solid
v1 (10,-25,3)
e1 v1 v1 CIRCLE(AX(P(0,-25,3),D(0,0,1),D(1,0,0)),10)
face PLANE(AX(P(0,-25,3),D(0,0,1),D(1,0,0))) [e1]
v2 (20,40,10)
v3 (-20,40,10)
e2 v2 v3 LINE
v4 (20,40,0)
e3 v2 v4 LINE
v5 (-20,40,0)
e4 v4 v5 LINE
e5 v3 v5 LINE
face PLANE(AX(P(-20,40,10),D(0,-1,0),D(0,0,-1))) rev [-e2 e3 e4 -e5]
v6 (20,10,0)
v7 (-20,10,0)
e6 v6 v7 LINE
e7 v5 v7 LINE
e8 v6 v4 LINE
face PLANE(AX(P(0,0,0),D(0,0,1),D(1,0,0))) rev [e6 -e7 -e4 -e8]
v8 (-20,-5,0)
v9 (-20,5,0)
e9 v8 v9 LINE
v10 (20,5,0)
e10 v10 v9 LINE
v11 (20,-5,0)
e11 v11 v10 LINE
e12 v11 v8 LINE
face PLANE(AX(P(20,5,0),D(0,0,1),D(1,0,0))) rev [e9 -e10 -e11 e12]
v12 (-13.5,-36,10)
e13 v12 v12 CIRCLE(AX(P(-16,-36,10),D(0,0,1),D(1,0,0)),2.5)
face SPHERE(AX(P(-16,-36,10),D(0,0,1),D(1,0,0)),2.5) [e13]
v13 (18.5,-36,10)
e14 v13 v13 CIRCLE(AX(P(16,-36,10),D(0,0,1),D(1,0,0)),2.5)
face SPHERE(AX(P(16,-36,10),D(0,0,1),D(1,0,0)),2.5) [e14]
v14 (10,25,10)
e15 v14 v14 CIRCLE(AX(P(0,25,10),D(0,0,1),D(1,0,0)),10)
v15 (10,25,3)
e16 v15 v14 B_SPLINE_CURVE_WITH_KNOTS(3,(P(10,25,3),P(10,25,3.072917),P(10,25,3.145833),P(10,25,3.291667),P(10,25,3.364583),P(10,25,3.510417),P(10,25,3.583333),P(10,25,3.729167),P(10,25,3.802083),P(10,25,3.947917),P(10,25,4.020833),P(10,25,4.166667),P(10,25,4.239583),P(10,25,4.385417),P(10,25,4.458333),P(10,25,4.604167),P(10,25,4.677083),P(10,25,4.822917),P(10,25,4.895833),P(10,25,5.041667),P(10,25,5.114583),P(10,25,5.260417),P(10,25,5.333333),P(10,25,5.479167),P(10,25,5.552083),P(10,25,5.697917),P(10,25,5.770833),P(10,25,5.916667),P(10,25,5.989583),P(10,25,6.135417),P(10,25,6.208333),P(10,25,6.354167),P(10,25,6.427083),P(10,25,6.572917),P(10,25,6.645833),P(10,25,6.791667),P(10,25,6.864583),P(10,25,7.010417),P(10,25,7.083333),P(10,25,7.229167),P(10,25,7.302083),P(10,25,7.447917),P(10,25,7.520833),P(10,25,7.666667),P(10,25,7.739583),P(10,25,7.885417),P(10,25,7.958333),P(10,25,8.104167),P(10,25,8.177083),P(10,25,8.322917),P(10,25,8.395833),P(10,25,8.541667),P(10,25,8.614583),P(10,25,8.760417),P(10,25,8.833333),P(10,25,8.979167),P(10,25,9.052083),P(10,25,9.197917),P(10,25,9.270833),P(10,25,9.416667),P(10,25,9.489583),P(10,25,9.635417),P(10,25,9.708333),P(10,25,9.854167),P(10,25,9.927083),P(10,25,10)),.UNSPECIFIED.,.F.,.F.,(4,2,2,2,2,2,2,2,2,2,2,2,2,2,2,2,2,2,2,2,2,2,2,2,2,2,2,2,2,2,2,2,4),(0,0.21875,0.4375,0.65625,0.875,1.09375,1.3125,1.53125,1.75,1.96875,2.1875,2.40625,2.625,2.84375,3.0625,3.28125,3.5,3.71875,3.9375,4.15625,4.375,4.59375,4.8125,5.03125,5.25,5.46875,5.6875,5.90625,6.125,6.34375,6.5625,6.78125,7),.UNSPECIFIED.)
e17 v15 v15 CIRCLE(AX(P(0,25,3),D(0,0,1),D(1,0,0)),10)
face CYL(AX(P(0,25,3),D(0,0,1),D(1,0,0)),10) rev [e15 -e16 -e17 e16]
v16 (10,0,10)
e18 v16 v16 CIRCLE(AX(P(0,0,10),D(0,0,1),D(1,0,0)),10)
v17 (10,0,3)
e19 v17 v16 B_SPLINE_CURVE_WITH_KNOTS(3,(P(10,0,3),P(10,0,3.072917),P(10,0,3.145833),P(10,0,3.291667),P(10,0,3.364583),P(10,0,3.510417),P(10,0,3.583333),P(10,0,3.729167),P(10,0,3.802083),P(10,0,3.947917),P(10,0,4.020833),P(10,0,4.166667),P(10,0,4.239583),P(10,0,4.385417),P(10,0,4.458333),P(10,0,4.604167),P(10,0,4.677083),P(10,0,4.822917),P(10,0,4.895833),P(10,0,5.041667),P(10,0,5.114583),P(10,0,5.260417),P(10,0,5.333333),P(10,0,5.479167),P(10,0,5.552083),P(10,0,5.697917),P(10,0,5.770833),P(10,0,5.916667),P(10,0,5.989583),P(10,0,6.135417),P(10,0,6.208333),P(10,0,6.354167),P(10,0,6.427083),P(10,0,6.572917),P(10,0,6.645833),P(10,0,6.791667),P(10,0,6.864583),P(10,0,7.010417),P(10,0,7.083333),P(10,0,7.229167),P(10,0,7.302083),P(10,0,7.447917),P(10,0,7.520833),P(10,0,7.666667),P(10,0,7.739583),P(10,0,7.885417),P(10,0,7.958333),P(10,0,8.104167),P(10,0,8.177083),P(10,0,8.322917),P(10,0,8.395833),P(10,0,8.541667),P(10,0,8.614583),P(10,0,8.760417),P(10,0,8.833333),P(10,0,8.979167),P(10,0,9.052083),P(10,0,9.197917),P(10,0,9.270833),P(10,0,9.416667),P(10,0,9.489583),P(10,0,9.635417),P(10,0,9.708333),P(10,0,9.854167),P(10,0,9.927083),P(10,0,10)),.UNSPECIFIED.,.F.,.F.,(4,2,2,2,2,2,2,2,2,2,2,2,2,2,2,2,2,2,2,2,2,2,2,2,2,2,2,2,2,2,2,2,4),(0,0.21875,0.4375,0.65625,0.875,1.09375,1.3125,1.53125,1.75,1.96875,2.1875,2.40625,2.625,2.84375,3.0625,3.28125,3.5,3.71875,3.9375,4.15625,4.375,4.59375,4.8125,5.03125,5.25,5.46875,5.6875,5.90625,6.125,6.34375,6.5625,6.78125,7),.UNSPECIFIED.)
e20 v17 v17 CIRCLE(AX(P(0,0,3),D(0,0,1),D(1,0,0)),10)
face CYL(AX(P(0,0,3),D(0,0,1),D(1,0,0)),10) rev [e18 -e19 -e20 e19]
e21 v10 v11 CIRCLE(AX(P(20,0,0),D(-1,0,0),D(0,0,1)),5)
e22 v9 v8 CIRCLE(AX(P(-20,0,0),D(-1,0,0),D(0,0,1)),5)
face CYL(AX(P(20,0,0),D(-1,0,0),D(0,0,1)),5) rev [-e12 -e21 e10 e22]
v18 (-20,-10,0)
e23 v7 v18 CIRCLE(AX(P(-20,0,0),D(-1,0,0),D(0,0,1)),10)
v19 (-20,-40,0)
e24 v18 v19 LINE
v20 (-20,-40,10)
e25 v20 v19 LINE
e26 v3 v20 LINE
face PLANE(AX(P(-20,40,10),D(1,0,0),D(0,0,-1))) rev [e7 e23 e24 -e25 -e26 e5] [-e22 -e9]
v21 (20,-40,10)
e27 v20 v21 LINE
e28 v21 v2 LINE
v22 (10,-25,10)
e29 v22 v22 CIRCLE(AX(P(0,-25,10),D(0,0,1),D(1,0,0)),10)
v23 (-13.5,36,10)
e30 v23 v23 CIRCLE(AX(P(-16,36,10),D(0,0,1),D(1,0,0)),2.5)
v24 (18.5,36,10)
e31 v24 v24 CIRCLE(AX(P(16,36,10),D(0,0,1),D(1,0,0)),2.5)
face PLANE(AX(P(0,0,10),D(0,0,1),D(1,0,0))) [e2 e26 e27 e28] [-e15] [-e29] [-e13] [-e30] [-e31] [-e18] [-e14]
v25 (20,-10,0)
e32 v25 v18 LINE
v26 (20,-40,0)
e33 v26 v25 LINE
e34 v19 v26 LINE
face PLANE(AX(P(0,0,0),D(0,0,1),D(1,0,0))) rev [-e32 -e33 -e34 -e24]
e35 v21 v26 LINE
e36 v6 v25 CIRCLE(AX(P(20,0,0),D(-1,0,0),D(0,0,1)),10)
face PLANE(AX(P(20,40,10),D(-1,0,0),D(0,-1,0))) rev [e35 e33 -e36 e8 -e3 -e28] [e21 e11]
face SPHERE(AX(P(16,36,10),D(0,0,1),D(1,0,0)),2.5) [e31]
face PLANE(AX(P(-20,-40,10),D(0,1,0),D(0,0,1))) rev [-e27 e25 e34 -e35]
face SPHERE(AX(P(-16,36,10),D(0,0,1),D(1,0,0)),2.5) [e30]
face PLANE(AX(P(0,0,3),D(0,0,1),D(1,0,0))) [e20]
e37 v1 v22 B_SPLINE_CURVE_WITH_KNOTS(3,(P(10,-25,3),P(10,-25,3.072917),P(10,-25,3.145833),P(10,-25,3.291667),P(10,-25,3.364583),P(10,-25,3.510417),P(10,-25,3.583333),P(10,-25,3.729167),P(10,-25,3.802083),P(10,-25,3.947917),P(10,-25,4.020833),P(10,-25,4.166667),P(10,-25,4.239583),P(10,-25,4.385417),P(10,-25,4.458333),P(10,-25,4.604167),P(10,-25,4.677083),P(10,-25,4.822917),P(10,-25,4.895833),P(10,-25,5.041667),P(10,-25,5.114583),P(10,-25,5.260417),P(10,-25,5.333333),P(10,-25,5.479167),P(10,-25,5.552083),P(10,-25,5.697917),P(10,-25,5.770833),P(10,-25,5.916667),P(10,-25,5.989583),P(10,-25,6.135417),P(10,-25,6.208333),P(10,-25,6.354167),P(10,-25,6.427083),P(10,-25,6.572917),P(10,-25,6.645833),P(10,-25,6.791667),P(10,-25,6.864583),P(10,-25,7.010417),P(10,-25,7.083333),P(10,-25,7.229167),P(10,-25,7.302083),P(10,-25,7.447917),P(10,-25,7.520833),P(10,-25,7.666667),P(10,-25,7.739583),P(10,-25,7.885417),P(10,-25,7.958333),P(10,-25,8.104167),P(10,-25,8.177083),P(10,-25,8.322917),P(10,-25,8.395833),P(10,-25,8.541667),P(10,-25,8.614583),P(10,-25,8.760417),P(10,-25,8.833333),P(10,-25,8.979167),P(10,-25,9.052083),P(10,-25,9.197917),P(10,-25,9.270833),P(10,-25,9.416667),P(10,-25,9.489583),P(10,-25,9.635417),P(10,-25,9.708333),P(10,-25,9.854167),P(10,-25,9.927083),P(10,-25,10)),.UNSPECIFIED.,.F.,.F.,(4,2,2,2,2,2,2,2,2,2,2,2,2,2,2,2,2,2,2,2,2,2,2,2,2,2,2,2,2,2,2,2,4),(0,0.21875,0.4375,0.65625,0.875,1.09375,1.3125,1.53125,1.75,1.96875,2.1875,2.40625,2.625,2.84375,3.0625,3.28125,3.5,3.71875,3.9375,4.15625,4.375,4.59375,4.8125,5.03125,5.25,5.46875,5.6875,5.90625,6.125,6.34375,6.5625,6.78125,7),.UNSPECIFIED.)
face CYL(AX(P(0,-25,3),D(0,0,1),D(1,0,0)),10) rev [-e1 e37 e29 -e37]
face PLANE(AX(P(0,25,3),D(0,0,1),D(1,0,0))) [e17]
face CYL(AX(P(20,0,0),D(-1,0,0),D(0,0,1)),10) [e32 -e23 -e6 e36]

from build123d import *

# Parameters (mm, degrees)
SKETCH3_W           = 40
SKETCH3_H           = 80
BOSS_EXTRUDE1_DEPTH = 10
SKETCH4_R           = 10
CUT_EXTRUDE4_DEPTH  = 7
BOSS_EXTRUDE3_DEPTH = 40
CUT_EXTRUDE5_DEPTH  = 40


with BuildPart() as part:
    # Sketch3 → Boss-Extrude1 (new body)
    with BuildSketch(Plane.XY):
        Rectangle(SKETCH3_W, SKETCH3_H)
    extrude(amount=BOSS_EXTRUDE1_DEPTH)

    # Sketch4 → Cut-Extrude4 (cut)
    with BuildSketch(Plane.XY.offset(10)):
        with Locations((0, 25)):
            Circle(SKETCH4_R)
        Circle(SKETCH4_R)
        with Locations((0, -25)):
            Circle(SKETCH4_R)
    extrude(amount=-CUT_EXTRUDE4_DEPTH, mode=Mode.SUBTRACT)

    # Sketch5 → Revolve1 (revolve)
    with BuildSketch(Plane.XY.offset(10)):
        with BuildLine():
            Line((16, 38.5), (16, 33.5))
            ThreePointArc((16, 33.5), (13.5, 36), (16, 38.5))
        make_face()
    revolve(axis=Axis((16, 38.5, 10), (0, -1, 0)))

    # Sketch7 → Revolve2 (revolve)
    with BuildSketch(Plane.XY.offset(10)):
        with BuildLine():
            Line((-16, -33.5), (-16, -38.5))
            ThreePointArc((-16, -38.5), (-18.5, -36), (-16, -33.5))
        make_face()
        with BuildLine():
            Line((-16, 38.5), (-16, 33.5))
            ThreePointArc((-16, 33.5), (-18.5, 36), (-16, 38.5))
        make_face()
    revolve(axis=Axis((-16, -33.5, 10), (0, -1, 0)))

    # Sketch8 → Revolve3 (revolve)
    with BuildSketch(Plane.XY.offset(10)):
        with BuildLine():
            Line((16, -33.5), (16, -38.5))
            ThreePointArc((16, -38.5), (13.5, -36), (16, -33.5))
        make_face()
    revolve(axis=Axis((16, -33.5, 10), (0, -1, 0)))

    # Sketch12 → Boss-Extrude3 (add)
    with BuildSketch(Plane.ZY.offset(20)):
        with BuildLine():
            Line((0, 10), (0, -10))
            ThreePointArc((0, -10), (-10, 0), (0, 10))
        make_face()
    extrude(amount=-BOSS_EXTRUDE3_DEPTH)

    # Sketch13 → Cut-Extrude5 (cut)
    with BuildSketch(Plane.ZY.offset(20)):
        with BuildLine():
            Line((0, 5), (0, -5))
            ThreePointArc((0, -5), (-5, 0), (0, 5))
        make_face()
    extrude(amount=-CUT_EXTRUDE5_DEPTH, mode=Mode.SUBTRACT)


solid = part.part
